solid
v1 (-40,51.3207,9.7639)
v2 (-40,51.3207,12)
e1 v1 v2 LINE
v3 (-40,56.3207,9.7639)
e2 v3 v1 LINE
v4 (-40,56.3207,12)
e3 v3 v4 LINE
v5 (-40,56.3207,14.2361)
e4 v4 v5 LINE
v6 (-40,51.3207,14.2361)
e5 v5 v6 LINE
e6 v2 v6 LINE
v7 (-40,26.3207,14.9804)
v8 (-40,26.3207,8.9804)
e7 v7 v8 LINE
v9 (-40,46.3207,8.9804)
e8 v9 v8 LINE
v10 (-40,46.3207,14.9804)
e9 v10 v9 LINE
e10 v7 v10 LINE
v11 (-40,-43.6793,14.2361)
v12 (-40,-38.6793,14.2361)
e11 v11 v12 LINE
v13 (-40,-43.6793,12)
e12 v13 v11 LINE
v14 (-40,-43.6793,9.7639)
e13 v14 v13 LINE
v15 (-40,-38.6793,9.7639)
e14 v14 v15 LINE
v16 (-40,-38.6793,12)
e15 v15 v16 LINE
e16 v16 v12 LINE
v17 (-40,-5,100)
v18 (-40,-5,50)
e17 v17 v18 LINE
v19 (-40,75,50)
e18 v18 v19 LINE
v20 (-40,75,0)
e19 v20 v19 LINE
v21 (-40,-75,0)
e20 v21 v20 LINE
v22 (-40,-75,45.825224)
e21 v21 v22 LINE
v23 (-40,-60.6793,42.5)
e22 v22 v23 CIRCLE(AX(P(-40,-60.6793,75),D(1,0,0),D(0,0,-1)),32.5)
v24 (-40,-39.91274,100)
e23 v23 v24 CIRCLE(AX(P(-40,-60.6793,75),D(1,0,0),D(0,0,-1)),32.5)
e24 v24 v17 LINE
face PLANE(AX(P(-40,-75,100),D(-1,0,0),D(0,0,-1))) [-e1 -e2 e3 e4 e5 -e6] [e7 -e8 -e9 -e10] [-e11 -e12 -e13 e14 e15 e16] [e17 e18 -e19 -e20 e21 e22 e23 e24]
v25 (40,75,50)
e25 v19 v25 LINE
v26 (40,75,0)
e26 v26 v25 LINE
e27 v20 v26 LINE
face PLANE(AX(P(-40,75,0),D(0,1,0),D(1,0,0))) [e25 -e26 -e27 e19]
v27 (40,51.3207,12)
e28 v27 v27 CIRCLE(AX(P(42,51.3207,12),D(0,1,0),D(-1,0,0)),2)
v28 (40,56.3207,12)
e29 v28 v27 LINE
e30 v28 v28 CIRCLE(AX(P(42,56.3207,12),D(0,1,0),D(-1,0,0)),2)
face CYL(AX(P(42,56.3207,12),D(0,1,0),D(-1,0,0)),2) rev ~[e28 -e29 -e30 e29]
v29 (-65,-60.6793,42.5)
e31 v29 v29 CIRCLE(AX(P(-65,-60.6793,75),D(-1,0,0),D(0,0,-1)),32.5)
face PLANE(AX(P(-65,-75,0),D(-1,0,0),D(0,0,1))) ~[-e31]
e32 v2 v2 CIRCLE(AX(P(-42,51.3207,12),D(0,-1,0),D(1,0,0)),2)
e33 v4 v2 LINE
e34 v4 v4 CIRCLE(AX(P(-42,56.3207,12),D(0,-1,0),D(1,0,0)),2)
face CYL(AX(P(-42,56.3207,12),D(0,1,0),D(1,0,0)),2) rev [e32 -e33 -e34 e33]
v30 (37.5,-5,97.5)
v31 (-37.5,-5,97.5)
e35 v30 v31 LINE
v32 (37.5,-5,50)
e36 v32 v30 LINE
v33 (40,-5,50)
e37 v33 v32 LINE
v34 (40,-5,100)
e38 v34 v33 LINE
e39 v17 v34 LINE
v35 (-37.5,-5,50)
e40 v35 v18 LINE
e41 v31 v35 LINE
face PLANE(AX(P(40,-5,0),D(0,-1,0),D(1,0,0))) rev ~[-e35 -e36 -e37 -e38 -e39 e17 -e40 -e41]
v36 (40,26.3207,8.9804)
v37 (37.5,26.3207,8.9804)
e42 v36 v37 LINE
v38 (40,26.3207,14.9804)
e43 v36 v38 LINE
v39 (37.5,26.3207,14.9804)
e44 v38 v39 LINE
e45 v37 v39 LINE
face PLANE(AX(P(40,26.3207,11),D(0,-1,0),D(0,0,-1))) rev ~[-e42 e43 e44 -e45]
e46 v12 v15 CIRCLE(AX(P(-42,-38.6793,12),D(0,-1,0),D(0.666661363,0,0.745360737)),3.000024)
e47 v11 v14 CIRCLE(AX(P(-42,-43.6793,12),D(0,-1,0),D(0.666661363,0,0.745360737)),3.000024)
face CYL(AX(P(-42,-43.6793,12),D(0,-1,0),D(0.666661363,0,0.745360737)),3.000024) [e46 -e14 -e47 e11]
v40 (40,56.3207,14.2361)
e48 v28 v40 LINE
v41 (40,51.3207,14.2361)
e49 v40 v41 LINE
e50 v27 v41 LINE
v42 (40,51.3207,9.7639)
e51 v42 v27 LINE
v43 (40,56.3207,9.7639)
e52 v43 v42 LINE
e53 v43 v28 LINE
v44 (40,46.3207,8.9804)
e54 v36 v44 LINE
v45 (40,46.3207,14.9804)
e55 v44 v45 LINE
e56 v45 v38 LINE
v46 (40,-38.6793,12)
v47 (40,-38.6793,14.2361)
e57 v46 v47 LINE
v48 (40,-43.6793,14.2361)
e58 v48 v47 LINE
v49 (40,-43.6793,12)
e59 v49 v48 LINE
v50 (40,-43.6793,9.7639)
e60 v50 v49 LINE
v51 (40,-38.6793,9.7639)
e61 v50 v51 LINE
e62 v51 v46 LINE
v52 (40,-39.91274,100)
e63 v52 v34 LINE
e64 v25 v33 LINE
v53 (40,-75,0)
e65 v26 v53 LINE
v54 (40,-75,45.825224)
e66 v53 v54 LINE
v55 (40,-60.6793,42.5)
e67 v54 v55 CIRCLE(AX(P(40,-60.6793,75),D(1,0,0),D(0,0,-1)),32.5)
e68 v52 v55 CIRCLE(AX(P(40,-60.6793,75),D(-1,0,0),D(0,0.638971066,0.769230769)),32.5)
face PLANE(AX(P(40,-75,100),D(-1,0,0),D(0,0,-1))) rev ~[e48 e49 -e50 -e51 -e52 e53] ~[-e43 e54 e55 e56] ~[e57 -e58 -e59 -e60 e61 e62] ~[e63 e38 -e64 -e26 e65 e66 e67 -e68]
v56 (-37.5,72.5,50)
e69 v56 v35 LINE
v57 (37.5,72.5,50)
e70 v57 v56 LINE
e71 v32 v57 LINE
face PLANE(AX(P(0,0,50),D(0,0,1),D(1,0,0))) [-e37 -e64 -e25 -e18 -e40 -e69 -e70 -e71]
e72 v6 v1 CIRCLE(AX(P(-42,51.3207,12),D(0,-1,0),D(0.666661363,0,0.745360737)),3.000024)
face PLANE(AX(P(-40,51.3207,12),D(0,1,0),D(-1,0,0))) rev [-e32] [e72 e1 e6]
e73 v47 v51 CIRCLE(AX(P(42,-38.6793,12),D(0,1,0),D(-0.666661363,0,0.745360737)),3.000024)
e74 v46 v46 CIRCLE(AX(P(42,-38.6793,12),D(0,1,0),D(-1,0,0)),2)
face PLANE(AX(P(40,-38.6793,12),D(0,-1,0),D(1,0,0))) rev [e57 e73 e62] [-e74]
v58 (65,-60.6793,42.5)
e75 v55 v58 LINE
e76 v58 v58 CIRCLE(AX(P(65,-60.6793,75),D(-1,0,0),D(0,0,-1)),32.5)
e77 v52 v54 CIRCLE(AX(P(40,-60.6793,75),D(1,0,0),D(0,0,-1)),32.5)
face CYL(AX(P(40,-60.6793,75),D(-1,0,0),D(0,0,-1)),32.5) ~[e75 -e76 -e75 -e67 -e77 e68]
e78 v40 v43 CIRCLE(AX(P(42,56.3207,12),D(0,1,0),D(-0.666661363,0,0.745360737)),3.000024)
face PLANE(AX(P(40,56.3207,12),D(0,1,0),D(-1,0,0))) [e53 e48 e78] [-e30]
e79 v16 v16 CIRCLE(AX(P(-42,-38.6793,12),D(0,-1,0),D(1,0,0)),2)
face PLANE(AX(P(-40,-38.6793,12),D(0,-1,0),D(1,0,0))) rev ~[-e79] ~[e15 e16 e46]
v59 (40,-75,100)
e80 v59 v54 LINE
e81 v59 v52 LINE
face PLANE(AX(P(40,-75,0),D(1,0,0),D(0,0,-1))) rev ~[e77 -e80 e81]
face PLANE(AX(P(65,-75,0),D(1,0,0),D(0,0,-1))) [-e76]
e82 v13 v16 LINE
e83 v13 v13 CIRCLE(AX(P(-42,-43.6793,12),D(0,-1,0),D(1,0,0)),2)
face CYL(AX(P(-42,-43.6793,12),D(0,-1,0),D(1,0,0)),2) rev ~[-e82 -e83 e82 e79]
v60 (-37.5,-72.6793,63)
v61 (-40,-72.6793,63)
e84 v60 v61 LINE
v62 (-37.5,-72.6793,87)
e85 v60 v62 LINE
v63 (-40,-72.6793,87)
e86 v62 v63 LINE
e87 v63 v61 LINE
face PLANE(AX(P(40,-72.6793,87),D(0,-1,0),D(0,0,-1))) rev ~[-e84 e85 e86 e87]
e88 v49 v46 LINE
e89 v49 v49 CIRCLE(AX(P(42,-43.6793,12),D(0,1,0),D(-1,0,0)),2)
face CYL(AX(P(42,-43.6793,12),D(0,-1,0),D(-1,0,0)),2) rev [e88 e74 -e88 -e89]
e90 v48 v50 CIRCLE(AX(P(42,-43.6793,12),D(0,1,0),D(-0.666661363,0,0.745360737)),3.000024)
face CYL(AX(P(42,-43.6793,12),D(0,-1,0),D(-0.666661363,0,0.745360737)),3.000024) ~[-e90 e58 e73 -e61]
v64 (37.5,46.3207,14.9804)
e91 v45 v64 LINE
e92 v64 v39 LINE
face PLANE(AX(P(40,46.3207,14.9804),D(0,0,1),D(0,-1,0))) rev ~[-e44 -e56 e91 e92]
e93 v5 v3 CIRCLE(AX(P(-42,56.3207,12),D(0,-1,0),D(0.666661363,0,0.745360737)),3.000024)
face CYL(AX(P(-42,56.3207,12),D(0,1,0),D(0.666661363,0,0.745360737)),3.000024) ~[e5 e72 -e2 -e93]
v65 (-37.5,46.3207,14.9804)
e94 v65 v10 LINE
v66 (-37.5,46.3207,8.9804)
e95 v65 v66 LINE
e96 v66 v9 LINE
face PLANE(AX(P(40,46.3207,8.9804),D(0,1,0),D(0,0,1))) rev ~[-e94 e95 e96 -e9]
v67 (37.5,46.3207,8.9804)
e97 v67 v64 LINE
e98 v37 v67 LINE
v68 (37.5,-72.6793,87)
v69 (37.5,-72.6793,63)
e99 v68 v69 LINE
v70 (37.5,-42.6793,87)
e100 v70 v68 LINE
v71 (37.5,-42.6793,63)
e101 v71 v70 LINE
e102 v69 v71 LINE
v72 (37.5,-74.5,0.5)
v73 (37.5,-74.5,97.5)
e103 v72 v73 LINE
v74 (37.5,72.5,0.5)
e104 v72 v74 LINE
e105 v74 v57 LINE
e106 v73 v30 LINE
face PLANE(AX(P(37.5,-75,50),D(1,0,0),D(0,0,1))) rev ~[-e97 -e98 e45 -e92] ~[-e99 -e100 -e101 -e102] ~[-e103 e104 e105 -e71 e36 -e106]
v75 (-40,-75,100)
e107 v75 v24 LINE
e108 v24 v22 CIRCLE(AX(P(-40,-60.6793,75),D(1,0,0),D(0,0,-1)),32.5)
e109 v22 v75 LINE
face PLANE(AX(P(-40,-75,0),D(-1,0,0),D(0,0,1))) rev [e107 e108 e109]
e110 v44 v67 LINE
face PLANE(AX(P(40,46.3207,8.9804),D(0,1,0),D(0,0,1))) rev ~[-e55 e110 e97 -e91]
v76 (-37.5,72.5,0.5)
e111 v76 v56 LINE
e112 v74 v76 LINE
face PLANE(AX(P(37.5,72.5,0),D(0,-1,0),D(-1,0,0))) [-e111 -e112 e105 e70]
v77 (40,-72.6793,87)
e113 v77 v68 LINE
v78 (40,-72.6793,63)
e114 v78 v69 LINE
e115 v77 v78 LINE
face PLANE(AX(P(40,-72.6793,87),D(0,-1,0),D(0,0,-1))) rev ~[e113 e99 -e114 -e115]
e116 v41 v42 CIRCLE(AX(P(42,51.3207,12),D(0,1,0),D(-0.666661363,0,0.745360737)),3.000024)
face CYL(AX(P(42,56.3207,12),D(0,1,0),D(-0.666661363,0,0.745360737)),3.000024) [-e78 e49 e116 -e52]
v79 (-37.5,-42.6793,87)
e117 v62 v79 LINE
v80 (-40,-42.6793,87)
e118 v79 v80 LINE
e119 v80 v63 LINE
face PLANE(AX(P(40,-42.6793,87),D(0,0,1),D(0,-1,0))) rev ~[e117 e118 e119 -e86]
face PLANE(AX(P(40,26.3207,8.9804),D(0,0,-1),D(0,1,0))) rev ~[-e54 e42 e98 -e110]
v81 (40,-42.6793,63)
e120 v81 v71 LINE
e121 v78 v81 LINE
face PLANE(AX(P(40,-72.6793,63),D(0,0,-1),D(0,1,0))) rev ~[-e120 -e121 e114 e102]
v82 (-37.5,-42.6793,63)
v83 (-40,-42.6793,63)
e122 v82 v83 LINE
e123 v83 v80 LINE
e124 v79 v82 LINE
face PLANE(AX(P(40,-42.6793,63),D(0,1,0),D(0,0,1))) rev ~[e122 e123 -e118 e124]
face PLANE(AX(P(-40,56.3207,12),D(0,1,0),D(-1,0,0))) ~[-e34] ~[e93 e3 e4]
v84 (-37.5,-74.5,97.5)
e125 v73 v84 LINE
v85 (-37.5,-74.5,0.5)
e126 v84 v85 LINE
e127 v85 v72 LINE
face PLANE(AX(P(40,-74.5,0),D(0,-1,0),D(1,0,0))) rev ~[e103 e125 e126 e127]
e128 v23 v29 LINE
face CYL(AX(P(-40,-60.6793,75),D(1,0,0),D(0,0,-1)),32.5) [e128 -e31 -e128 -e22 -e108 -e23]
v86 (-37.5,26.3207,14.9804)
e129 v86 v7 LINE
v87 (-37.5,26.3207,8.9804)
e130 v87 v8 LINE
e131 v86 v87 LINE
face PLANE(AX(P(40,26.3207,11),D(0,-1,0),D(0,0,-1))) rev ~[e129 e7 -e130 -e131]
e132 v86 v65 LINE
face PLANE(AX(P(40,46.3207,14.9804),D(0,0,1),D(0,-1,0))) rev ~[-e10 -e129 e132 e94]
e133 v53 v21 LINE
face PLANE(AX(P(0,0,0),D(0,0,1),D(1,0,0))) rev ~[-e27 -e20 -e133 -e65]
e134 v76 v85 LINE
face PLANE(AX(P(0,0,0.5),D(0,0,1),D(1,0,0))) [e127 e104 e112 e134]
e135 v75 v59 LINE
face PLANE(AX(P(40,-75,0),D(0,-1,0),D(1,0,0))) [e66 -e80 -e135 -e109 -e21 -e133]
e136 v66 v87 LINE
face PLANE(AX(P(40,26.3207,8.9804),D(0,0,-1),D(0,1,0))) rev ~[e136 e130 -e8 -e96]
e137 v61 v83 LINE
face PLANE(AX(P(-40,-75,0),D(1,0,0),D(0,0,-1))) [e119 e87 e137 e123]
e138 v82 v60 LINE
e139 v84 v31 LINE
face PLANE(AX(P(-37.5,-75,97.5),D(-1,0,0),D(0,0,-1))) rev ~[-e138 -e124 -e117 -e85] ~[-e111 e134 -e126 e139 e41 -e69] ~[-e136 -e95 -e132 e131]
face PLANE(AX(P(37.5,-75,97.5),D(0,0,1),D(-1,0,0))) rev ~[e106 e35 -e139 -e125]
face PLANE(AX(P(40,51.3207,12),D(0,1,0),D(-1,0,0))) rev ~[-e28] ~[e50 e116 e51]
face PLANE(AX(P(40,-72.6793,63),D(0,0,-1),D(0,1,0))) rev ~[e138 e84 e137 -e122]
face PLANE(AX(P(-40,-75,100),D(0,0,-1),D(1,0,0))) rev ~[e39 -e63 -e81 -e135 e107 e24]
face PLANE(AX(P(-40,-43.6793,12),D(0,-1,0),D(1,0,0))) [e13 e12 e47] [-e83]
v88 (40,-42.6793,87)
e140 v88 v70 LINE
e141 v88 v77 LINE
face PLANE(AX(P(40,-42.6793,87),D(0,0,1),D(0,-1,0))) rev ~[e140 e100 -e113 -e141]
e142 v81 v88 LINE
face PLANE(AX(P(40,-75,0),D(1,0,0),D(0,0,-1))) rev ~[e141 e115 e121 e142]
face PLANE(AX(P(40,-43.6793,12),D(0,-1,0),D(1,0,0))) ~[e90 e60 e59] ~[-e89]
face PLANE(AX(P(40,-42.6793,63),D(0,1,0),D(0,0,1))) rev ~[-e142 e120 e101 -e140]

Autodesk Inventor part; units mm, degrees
ref_plane "YZ Plane" through (0, 0, 0) normal (1, 0, 0) x (0, 1, 0)
ref_plane "XZ Plane" through (0, 0, 0) normal (0, 1, 0) x (-1, 0, 0)
ref_plane "XY Plane" through (0, 0, 0) normal (0, 0, 1) x (1, 0, 0)
sketch "Boceto1" plane through (0, 0, 0) normal (0, 0, 1) x (1, 0, 0)
  line L0 (-40, 75) -> (40, 75)
  line L1 (40, 75) -> (40, -75)
  line L2 (40, -75) -> (-40, -75)
  line L3 (-40, -75) -> (-40, 75)
  line L4 (-40, 75) -> (40, -75) construction
  line L5 (40, 75) -> (-40, -75) construction
  line L6 (37.5, 72.5) -> (-37.5, 72.5)
  line L7 (-37.5, 72.5) -> (-37.5, -74.5)
  line L8 (-37.5, -74.5) -> (37.5, -74.5)
  line L9 (37.5, -74.5) -> (37.5, 72.5)
  point P0 (0, 0)
  dimension "d0" = 80
  dimension "d1" = 150
  dimension "d2" = 2.5
  dimension "d32" = 0.5
extrude "Extrusión1" add sketch "Boceto1" along normal blind 50
extrude "Extrusión2" add sketch "Boceto1" along normal blind 0.5 contours L9 L8 L7 L6
sketch "Boceto2" plane through (40, -75, 0) normal (1, 0, 0) x (0, 0, -1)
  circle A0 centre (-75, 14.3207) radius 32.5
  line L0 (-106.2586, 14.1414) -> (-42.2586, 14.1414) construction
  line L1 (0, 0) -> (-50, 0) projected
  line L2 (-87, 2.3207) -> (-63, 2.3207)
  line L3 (-63, 2.3207) -> (-63, 32.3207)
  line L4 (-63, 32.3207) -> (-87, 32.3207)
  line L5 (-87, 32.3207) -> (-87, 2.3207)
  line L6 (-0.5, 0.5) -> (-50, 0.5) projected
  line L7 (0, 150) -> (0, 0) projected
  line L8 (-49.75, 14.1414) -> (25.25, 14.1414) construction
  point P0 (0, 75)
  dimension "d9" = 65
  dimension "d15" = 24
  dimension "d16" = 30
extrude "Extrusión3" cut sketch "Boceto2" against normal blind 10 contours L5 L4 L3 L2
extrude "Extrusión4" add sketch "Boceto2" along normal blind 25 contours A0 | L5 L4 L3 L2
mirror "Simetría1" about plane through (0, 0, 0) normal (1, 0, 0) of "Extrusión4", "Extrusión3"
sketch "Boceto3" plane through (40, -75, 0) normal (0, -1, 0) x (1, 0, 0)
  line L0 (-80, 0) -> (-80, 50) projected
  line L1 (-2.5, 0.5) -> (-2.5, 50) projected
  line L2 (-80, 107.5) -> (-80, 45.8252) projected
  line L3 (-80, 50) -> (-80, 100)
  line L4 (-80, 100) -> (0, 100)
  line L5 (0, 0) -> (0, 50) projected
  line L6 (0, 100) -> (0, 50)
  line L7 (0, 50) -> (-2.5, 50)
  line L8 (-2.5, 50) -> (-2.5, 97.5)
  line L9 (-2.5, 97.5) -> (-77.5, 97.5)
  line L10 (-77.5, 97.5) -> (-77.5, 50)
  line L11 (-77.5, 50) -> (-80, 50)
  line L12 (-77.5, 50) -> (-2.5, 50) projected
  line L13 (-77.5, 50) -> (-2.5, 50)
  point P0 (-40, 0)
  dimension "d24" = 50
  dimension "d25" = 80
  dimension "d26" = 47.5
  dimension "d27" = 75
extrude "Extrusión5" add sketch "Boceto3" against normal blind 70 contours L4 L6 L7 L8 L9 L10 L11 L2
extrude "Extrusión6" add sketch "Boceto3" against normal blind 0.5 contours L10 L9 L8 L12
extrude "Extrusión7" cut sketch "Boceto2" against normal blind 80 contours L5 L4 L3 L2
ref_plane "Plano de trabajo1" through (-40, -93.1793, 75) normal (0, -1, 0) x (1, 0, 0)
sketch "Boceto4" plane through (40, -75, 0) normal (1, 0, 0) x (0, 0, -1)
  line L0 (0, 0) -> (0, 150) projected
  line L1 (21.5, -18.1793) -> (-129, -18.1793) projected
  line L2 (-12, 31.3207) -> (-12, 131.3207) construction
  line L3 (-21.5167, 81.3207) -> (7.9238, 81.3207)
  line L4 (-0.5, 147.5) -> (-0.5, 0.5) projected
  line L5 (-8, 131.3207) -> (-8, 121.3207)
  line L6 (-8.9804, 121.3207) -> (-14.9804, 121.3207)
  line L7 (-14.9804, 121.3207) -> (-14.9804, 101.3207)
  line L8 (-14.9804, 101.3207) -> (-8.9804, 101.3207)
  line L9 (-8.9804, 101.3207) -> (-8.9804, 121.3207)
  line L10 (-11, 101.3207) -> (-11, 103.5079)
  point P0 (0, 75)
  dimension "d39" = 100
  dimension "d45" = 24
  dimension "d46" = 10
  dimension "d47" = 8
  dimension "d49" = 20
  dimension "d53" = 6
ref_plane "Plano de trabajo2" through (40, 56.3207, 12) normal (0, 1, 0) x (-1, 0, 0)
sketch "Boceto5" plane through (40, 56.3207, 12) normal (0, 1, 0) x (-1, 0, 0)
  line L0 (0, 0) -> (-2, 0)
  circle A0 centre (-2, 0) radius 2
  arc A1 (0, 2.2361) -> (0, -2.2361) centre (-2, 0) ccw
  line L1 (0, -2.2361) -> (0, 2.2361)
  point P0 (40, -12)
  dimension "d40" = 2
  dimension "d41" = 6
extrude "Extrusión8" add sketch "Boceto5" against normal blind 5
ref_plane "Plano de trabajo3" through (40, 6.3207, 21.5167) normal (0, -1, 0) x (0, 0, -1)
mirror "Simetría2" about plane through (40, 6.3207, 21.5167) normal (0, -1, 0) of "Extrusión8"
extrude "Extrusión9" cut sketch "Boceto4" against normal through all
ref_plane "Plano de trabajo4" through (0, -75, 0) normal (1, 0, 0) x (0, 0, -1)
mirror "Simetría3" about plane through (0, -75, 0) normal (1, 0, 0) of "Extrusión8", "Simetría2"
